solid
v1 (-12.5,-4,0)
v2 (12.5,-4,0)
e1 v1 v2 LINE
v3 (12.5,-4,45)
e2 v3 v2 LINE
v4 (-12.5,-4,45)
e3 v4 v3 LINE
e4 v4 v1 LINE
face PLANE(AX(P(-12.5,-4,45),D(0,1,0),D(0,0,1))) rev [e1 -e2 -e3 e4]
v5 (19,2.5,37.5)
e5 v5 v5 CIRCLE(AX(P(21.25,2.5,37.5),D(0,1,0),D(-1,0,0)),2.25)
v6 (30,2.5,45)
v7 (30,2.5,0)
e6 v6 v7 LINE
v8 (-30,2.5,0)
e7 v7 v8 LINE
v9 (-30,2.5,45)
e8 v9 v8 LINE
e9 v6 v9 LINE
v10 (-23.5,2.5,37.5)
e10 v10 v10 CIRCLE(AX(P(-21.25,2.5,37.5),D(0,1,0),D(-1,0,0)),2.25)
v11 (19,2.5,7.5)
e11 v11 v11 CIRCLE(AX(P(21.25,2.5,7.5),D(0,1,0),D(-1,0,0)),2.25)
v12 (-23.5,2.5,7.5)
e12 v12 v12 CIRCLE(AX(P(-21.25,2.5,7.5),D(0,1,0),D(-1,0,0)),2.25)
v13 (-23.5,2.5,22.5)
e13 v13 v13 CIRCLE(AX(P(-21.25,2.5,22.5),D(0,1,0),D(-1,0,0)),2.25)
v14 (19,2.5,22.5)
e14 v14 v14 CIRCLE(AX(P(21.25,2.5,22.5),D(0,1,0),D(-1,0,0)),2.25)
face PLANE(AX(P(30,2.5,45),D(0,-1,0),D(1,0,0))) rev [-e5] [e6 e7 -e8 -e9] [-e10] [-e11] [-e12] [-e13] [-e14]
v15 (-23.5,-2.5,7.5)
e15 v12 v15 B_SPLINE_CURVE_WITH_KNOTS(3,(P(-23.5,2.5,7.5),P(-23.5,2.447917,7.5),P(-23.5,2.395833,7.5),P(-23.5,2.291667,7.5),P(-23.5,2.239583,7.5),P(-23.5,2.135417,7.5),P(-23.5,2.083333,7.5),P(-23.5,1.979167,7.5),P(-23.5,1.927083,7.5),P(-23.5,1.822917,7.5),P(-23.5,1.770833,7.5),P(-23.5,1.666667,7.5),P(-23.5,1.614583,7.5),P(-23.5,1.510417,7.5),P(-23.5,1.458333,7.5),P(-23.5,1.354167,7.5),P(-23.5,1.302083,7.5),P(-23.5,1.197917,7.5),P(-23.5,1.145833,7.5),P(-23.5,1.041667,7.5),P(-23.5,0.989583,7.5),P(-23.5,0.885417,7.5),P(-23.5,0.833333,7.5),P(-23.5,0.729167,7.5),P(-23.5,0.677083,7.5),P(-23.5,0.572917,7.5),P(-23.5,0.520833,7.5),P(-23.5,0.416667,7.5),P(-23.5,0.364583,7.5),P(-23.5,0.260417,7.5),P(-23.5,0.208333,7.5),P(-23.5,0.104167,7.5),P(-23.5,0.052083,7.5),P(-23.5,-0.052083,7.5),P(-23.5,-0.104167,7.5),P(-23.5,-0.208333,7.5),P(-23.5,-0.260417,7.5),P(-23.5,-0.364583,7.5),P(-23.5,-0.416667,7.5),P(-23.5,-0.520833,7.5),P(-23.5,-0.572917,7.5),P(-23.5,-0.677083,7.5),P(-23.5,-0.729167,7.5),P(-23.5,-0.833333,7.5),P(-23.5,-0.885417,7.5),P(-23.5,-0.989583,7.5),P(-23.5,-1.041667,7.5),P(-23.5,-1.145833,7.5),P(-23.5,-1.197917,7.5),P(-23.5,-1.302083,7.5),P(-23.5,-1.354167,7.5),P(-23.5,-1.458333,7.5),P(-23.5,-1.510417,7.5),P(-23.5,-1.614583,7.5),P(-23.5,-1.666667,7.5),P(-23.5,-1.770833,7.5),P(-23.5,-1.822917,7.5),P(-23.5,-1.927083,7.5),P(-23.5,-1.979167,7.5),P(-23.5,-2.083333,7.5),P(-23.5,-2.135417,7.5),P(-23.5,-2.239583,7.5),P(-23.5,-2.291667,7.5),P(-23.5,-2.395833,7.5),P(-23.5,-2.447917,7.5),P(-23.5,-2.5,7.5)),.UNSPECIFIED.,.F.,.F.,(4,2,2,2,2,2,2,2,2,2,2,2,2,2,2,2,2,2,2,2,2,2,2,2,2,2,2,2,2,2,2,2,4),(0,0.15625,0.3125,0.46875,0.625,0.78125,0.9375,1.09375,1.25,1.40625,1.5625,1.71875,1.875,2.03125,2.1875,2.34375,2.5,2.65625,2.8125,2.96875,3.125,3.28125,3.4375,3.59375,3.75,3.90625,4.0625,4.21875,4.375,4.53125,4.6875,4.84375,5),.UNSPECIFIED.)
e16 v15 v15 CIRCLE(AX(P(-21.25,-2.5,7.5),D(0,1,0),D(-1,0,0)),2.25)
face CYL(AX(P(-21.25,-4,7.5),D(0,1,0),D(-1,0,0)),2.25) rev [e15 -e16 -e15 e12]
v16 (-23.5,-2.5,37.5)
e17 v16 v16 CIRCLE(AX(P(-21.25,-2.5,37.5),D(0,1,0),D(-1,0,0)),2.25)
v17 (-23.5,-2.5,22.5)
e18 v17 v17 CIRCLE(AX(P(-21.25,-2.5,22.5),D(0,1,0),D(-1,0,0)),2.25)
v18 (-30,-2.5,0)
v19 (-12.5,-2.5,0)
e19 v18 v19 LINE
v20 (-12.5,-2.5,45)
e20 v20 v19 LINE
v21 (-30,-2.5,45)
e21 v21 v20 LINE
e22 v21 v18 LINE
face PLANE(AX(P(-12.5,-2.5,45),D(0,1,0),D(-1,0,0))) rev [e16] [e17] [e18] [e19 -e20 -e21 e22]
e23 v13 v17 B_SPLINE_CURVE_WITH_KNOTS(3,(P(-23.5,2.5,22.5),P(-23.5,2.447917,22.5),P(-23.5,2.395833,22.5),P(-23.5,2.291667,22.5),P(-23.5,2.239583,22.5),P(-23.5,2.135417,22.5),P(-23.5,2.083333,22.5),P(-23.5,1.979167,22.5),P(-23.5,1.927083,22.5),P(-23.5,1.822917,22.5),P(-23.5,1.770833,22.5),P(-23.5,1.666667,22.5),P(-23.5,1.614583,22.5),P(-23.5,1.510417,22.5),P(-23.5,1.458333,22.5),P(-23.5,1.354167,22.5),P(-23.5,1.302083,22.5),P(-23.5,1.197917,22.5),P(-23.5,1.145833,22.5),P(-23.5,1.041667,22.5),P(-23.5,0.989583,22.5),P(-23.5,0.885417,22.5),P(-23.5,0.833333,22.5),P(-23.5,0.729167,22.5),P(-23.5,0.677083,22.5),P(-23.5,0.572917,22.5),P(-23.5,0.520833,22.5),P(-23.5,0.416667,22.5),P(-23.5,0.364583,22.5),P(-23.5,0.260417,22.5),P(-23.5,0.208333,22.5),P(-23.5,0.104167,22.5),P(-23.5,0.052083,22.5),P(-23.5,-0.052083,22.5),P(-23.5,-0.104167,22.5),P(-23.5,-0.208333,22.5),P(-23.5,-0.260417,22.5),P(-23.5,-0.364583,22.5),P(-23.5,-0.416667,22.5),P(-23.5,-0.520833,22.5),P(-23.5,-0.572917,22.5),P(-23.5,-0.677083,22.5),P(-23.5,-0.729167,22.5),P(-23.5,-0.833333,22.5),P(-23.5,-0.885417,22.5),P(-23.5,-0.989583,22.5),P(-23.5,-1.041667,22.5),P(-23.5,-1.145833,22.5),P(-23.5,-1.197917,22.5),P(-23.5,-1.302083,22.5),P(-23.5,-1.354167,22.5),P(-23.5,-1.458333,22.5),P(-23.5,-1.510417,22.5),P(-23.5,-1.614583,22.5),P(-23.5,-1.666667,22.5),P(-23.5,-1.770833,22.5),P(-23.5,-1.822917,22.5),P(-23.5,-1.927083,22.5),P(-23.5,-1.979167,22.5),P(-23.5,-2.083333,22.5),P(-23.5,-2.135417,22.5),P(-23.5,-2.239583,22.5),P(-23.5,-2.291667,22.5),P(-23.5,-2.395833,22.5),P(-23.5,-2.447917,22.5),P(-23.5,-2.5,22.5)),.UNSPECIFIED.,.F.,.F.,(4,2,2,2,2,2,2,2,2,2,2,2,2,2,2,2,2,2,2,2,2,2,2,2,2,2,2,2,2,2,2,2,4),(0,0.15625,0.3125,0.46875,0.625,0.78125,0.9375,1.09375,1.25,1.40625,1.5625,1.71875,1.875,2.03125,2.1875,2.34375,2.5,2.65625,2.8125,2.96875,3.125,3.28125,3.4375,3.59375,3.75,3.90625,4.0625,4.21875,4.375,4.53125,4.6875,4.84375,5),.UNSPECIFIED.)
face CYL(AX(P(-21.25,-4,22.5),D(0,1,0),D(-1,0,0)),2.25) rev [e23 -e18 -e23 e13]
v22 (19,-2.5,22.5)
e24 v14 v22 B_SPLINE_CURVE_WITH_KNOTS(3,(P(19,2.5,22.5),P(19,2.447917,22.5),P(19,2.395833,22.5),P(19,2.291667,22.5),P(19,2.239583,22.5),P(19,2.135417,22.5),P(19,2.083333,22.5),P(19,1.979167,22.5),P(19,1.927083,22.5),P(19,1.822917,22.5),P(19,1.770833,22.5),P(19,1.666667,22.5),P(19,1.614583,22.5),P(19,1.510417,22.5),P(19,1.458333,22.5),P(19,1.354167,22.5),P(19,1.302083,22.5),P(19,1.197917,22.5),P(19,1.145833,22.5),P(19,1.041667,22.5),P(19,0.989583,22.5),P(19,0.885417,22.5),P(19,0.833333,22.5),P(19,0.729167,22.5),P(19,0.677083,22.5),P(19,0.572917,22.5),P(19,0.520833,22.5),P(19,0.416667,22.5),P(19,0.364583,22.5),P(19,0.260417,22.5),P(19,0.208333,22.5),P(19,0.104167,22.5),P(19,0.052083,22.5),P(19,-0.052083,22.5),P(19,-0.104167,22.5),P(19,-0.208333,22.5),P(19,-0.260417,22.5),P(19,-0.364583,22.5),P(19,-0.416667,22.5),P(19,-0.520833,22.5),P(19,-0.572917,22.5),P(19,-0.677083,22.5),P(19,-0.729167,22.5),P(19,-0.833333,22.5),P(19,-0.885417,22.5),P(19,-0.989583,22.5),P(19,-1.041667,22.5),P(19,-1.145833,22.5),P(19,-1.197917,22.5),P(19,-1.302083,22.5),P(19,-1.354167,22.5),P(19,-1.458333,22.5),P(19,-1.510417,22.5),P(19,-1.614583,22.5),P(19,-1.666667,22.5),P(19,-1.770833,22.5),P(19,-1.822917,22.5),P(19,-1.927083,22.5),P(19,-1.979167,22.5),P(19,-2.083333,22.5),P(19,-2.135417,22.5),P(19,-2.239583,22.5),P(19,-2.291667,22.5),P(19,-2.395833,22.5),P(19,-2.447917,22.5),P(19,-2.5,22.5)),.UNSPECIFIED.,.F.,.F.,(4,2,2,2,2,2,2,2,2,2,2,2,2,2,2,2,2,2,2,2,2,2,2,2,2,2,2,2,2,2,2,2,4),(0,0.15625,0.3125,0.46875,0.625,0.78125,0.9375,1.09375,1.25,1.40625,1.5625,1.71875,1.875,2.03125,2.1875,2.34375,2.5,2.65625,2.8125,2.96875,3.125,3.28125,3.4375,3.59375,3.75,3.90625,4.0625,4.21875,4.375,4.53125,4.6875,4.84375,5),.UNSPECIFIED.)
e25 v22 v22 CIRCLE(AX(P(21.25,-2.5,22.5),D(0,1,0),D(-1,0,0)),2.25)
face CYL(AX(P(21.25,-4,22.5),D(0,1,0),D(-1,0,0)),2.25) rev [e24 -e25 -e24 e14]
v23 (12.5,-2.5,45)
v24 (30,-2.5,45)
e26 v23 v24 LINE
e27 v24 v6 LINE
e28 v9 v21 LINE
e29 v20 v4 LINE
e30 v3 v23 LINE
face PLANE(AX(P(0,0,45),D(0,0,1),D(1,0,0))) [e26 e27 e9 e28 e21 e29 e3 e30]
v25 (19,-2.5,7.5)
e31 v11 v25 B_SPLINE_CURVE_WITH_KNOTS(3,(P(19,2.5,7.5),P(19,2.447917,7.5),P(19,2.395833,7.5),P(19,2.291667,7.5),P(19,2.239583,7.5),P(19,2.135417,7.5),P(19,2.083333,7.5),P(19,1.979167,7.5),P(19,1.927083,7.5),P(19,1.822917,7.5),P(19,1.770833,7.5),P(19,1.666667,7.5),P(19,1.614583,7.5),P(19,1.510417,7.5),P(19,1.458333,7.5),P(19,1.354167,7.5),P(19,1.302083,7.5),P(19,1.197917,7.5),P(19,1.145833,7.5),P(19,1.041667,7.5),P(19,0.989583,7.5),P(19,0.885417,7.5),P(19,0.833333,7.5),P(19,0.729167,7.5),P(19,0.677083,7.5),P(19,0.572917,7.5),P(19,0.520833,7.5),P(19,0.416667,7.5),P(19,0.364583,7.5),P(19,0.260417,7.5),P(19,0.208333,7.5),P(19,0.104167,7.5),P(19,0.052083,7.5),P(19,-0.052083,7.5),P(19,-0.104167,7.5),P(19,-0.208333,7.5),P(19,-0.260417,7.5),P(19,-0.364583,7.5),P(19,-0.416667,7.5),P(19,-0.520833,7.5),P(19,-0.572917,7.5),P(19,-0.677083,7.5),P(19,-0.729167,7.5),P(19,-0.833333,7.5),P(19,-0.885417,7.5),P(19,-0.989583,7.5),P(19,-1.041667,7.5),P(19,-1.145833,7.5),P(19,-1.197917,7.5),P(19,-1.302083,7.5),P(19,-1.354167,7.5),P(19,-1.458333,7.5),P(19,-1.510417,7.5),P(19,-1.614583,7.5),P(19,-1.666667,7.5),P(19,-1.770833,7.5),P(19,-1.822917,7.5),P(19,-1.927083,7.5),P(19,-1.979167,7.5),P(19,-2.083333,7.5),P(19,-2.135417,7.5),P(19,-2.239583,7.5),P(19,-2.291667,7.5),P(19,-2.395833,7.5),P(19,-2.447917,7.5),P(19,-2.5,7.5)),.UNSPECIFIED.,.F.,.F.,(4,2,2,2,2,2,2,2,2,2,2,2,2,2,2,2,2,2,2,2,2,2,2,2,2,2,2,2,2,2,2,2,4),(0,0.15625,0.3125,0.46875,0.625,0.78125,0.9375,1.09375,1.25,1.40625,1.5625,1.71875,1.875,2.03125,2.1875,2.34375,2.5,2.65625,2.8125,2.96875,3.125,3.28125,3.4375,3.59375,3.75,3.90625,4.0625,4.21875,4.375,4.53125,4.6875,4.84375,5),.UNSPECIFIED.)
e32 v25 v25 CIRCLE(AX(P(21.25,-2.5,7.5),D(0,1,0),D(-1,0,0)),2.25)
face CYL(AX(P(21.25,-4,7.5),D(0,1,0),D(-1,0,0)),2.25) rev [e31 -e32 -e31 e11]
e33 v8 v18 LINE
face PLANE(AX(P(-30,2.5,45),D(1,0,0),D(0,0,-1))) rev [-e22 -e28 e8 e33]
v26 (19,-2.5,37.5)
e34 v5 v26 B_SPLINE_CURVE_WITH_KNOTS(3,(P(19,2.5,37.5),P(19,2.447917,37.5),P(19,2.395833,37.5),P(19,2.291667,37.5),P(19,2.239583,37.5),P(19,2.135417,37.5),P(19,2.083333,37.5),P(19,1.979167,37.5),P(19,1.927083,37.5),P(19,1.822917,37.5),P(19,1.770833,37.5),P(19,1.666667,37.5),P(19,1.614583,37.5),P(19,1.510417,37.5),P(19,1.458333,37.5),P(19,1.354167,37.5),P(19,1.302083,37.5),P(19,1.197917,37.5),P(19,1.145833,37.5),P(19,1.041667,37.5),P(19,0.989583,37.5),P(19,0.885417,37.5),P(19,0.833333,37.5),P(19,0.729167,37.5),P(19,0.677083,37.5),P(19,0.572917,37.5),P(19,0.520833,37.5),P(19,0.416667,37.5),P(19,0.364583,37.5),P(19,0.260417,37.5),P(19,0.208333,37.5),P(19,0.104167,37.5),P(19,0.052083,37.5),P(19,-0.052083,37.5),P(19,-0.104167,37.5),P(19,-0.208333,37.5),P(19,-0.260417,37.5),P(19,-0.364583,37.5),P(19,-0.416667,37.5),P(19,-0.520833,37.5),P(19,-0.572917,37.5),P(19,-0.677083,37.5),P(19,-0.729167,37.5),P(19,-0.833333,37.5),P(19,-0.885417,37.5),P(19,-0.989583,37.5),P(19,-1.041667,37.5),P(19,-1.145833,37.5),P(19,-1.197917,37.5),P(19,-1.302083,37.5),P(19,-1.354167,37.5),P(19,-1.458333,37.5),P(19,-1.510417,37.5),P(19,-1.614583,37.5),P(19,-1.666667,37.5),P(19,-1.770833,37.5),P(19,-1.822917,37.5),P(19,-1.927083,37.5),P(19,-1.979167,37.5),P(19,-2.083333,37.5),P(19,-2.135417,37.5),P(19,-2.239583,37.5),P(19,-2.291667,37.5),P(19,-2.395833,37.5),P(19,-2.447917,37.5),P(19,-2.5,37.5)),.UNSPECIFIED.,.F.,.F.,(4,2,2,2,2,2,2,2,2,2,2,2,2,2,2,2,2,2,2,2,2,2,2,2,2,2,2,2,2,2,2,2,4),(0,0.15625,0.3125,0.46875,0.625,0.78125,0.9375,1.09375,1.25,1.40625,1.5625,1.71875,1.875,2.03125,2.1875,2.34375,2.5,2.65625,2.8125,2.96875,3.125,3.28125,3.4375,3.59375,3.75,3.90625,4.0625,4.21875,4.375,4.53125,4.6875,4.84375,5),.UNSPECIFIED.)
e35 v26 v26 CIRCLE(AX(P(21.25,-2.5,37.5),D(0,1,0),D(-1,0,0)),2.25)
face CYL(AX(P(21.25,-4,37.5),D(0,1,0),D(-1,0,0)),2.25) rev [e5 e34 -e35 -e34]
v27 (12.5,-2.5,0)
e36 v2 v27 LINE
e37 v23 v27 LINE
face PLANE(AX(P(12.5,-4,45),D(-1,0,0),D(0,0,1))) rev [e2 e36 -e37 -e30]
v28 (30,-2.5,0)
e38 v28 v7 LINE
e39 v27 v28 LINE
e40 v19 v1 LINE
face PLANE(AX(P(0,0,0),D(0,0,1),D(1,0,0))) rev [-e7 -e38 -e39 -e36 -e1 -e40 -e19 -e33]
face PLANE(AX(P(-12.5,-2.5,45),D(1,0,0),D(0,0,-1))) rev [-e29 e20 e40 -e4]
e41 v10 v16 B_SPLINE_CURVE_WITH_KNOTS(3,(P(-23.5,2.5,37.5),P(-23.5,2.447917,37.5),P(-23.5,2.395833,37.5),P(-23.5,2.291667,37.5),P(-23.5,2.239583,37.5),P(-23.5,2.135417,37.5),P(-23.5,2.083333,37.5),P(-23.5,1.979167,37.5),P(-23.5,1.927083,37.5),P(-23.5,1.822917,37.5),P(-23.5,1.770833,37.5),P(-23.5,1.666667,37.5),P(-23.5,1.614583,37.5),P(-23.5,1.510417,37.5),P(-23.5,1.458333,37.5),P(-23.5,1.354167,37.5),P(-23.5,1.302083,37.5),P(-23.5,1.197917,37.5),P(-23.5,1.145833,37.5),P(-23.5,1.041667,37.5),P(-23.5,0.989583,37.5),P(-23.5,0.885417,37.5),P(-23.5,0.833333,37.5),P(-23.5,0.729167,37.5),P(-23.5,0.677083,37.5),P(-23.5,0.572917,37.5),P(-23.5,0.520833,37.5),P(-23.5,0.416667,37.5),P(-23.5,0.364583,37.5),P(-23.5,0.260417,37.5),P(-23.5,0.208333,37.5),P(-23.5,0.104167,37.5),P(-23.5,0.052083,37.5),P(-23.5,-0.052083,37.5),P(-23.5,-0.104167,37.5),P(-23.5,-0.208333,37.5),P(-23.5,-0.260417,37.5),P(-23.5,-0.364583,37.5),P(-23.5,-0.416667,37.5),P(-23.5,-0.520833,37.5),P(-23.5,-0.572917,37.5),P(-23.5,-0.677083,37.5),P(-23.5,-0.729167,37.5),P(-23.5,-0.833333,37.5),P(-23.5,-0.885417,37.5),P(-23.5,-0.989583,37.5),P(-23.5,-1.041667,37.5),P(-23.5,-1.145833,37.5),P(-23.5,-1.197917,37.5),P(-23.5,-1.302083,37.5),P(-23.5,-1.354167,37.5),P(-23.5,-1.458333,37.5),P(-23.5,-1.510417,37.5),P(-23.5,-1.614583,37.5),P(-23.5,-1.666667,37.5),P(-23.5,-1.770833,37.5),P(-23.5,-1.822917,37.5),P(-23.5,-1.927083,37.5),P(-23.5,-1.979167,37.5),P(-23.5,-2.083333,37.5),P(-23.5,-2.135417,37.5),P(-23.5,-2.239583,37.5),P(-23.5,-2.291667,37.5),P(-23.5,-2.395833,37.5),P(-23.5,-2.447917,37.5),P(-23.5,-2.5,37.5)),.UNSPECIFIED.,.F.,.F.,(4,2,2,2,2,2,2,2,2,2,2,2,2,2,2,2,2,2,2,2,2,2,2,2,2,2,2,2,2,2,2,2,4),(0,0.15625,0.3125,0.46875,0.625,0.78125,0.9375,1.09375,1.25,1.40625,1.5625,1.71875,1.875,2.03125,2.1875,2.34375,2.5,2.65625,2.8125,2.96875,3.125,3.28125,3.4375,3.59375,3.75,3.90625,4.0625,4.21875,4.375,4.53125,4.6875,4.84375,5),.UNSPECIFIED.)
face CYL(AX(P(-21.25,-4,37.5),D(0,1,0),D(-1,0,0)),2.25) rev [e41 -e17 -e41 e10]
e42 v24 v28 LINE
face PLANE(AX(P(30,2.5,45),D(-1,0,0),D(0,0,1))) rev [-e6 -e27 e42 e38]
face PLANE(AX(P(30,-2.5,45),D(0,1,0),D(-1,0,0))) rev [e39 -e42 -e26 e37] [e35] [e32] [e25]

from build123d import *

# Parameters (mm, degrees)
BOSS_EXTRUDE1_DEPTH = 45
SKETCH2_R           = 2.25
CUT_EXTRUDE1_DEPTH  = 55.472470111


with BuildPart() as part:
    # Sketch1 → Boss-Extrude1 (new body)
    with BuildSketch(Plane.XY):
        Polygon((-12.5, -2.5), (-12.5, -4), (12.5, -4), (12.5, -2.5), (30, -2.5), (30, 2.5), (-30, 2.5), (-30, -2.5), align=None)
    extrude(amount=BOSS_EXTRUDE1_DEPTH)

    # Sketch2 → Cut-Extrude1 (cut, through all)
    with BuildSketch(Plane(origin=(0, 2.5, 0), x_dir=(1, 0, 0), z_dir=(0, 1, 0))):
        with Locations(Location((-21.25, -7.5, 0), (0, 0, 180))):
            Circle(SKETCH2_R)
        with Locations(Location((-21.25, -22.5, 0), (0, 0, 180))):
            Circle(SKETCH2_R)
        with Locations(Location((-21.25, -37.5, 0), (0, 0, 180))):
            Circle(SKETCH2_R)
        with Locations(Location((21.25, -37.5, 0), (0, 0, 180))):
            Circle(SKETCH2_R)
        with Locations(Location((21.25, -22.5, 0), (0, 0, 180))):
            Circle(SKETCH2_R)
        with Locations(Location((21.25, -7.5, 0), (0, 0, 180))):
            Circle(SKETCH2_R)
    extrude(amount=-CUT_EXTRUDE1_DEPTH, mode=Mode.SUBTRACT)


solid = part.part
